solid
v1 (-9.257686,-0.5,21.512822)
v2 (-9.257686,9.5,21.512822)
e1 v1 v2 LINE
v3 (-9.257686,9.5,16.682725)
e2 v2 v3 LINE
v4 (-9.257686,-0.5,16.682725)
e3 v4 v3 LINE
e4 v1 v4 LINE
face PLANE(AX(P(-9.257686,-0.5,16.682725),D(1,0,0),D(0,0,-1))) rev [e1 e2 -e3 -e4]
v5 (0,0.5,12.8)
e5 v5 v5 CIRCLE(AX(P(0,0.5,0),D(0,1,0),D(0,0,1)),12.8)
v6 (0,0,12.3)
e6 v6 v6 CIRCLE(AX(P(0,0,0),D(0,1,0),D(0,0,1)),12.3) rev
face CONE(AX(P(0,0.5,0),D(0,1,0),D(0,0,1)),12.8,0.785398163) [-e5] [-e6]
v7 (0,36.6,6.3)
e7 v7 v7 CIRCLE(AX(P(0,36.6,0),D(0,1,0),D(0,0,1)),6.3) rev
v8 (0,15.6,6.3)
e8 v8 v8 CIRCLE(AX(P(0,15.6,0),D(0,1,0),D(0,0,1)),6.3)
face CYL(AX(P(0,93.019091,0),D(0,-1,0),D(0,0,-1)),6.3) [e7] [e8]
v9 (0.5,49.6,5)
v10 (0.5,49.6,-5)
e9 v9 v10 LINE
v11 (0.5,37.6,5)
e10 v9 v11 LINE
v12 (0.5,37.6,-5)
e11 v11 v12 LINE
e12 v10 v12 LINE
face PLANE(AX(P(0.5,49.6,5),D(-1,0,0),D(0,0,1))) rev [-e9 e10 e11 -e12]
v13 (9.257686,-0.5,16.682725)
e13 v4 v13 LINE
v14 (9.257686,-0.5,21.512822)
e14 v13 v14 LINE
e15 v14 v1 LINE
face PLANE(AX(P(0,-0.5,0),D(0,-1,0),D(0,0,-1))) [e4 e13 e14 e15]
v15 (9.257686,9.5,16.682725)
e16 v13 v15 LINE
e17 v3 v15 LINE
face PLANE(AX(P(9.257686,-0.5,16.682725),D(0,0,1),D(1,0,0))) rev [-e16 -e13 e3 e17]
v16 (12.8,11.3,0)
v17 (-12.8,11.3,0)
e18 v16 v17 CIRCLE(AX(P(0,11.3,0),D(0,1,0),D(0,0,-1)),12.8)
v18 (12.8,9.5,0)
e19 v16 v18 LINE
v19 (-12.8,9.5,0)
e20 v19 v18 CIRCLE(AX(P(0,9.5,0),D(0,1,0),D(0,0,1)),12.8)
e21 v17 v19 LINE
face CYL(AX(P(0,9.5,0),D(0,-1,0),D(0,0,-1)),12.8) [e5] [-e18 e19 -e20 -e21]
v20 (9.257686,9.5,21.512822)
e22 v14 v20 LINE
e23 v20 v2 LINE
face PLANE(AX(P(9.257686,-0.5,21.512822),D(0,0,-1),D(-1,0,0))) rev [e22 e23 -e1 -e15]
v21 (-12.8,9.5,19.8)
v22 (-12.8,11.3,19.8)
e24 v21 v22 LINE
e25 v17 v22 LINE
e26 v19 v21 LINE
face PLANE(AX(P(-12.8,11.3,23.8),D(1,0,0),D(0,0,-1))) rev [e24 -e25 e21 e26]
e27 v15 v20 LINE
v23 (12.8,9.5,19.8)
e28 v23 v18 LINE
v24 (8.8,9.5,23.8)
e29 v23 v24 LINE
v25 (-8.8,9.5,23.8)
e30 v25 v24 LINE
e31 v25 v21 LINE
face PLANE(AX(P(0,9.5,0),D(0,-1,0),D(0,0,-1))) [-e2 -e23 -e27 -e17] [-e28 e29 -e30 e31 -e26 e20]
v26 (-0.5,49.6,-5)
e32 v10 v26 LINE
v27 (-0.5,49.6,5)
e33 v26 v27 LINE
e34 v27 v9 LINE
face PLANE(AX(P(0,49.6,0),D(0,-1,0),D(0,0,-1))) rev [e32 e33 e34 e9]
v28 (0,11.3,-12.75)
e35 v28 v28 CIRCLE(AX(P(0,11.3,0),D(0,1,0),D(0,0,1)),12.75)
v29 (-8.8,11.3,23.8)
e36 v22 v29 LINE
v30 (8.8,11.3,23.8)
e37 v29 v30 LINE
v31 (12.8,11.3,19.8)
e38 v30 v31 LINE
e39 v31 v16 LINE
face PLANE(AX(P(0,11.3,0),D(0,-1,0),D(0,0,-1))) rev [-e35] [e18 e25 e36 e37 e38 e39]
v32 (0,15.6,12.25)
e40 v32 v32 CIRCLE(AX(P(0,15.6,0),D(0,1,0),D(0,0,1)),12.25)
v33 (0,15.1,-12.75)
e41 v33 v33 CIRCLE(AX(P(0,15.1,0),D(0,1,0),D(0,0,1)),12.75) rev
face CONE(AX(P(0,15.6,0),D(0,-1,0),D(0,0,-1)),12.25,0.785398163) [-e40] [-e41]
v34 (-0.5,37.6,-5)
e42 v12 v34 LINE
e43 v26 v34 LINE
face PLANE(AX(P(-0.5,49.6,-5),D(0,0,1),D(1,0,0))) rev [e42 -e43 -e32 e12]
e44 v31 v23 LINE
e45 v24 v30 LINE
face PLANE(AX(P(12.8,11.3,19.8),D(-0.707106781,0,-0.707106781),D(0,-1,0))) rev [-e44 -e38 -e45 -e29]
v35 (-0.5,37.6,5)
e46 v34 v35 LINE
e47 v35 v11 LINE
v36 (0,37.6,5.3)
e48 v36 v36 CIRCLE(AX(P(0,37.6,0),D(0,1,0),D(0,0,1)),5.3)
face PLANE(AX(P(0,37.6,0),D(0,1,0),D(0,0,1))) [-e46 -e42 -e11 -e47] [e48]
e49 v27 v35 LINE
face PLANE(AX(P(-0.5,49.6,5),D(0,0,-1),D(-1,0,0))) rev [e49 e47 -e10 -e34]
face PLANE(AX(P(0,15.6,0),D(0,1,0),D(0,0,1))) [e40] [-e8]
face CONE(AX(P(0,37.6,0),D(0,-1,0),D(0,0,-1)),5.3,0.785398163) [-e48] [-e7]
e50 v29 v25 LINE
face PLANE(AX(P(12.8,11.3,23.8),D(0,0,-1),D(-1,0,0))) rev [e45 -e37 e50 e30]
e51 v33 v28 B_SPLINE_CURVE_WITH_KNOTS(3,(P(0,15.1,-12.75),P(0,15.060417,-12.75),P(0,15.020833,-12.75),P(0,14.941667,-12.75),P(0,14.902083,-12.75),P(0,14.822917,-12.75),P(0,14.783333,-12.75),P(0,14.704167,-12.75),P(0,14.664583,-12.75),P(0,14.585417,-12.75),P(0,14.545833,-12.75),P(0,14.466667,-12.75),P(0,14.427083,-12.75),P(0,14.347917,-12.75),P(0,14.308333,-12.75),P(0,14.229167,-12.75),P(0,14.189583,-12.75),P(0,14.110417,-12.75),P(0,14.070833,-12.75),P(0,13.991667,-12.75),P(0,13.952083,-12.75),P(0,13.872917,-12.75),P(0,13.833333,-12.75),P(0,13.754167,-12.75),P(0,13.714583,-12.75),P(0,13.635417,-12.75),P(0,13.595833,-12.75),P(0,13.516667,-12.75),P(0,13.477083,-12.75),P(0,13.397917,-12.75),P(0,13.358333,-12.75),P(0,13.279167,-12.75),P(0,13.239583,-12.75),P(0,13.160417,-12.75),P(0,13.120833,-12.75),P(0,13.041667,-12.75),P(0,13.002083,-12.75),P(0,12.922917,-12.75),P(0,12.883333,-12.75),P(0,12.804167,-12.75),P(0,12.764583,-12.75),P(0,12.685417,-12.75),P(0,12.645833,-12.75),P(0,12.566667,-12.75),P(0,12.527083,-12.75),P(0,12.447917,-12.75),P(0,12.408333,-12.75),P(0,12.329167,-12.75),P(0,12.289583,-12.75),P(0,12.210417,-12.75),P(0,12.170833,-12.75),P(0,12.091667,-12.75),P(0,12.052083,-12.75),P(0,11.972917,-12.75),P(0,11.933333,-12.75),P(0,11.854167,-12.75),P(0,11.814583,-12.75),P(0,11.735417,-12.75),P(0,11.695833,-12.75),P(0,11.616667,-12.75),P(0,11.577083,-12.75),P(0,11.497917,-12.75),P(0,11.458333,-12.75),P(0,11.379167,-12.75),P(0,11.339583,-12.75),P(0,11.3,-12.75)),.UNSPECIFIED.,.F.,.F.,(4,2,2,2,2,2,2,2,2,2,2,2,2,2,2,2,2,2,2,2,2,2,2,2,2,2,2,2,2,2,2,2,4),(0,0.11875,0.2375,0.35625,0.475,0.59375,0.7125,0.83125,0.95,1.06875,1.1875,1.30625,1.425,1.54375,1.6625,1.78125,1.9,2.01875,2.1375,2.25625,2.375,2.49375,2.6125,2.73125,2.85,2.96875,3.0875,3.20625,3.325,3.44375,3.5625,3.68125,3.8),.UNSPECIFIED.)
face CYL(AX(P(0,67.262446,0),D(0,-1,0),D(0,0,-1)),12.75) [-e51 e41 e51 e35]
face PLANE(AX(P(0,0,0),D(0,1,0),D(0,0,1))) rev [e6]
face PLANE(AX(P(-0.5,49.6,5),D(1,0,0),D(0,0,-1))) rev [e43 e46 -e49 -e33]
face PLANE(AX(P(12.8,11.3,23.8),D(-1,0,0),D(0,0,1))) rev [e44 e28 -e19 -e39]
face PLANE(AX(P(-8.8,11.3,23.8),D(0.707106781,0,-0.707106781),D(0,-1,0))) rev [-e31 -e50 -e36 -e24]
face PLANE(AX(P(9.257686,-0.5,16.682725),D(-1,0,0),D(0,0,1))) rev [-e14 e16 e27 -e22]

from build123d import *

# Parameters (mm, degrees)
SKETCH1_R           = 12.8
BOSS_EXTRUDE1_DEPTH = 9.5
BOSS_EXTRUDE2_DEPTH = 1.8
SKETCH3_R           = 12.75
BOSS_EXTRUDE3_DEPTH = 4.3
SKETCH4_R           = 6.3
BOSS_EXTRUDE4_DEPTH = 22
CHAMFER1_SIZE       = 1
CHAMFER2_SIZE       = 0.5
SKETCH5_W           = 18.515372874
SKETCH5_H           = 4.830097271
BOSS_EXTRUDE5_DEPTH = 10
SKETCH6_W           = 1
SKETCH6_H           = 10
BOSS_EXTRUDE6_DEPTH = 12
CHAMFER3_SIZE       = 4


with BuildPart() as part:
    # Sketch1 → Boss-Extrude1 (new body)
    with BuildSketch(Plane(origin=(0, 0, 0), x_dir=(1, 0, 0), z_dir=(0, 1, 0))):
        with Locations(Location((0, 0, 0), (0, 0, 270))):
            Circle(SKETCH1_R)
    extrude(amount=BOSS_EXTRUDE1_DEPTH)

    # Sketch2 → Boss-Extrude2 (add)
    with BuildSketch(Plane(origin=(0, 9.5, 0), x_dir=(1, 0, 0), z_dir=(0, 1, 0))):
        with BuildLine():
            Line((12.8, -23.8), (-12.8, -23.8))
            Line((-12.8, -23.8), (-12.8, 0))
            ThreePointArc((-12.8, 0), (0, 12.8), (12.8, 0))
            Line((12.8, 0), (12.8, -23.8))
        make_face()
    extrude(amount=BOSS_EXTRUDE2_DEPTH)

    # Sketch3 → Boss-Extrude3 (add)
    with BuildSketch(Plane(origin=(0, 11.3, 0), x_dir=(1, 0, 0), z_dir=(0, 1, 0))):
        with Locations(Location((0, 0, 0), (0, 0, 90))):
            Circle(SKETCH3_R)
    extrude(amount=BOSS_EXTRUDE3_DEPTH)

    # Sketch4 → Boss-Extrude4 (add)
    with BuildSketch(Plane(origin=(0, 15.6, 0), x_dir=(1, 0, 0), z_dir=(0, 1, 0))):
        with Locations(Location((0, 0, 0), (0, 0, 270))):
            Circle(SKETCH4_R)
    extrude(amount=BOSS_EXTRUDE4_DEPTH)

    # Chamfer1
    chamfer1_edges = [part.edges().sort_by_distance(p)[0] for p in [
        (0, 37.6, -6.3),
    ]]
    chamfer(chamfer1_edges, length=CHAMFER1_SIZE)

    # Chamfer2
    chamfer2_edges = [part.edges().sort_by_distance(p)[0] for p in [
        (0, 0, -12.8),
        (0, 15.6, 12.75),
    ]]
    chamfer(chamfer2_edges, length=CHAMFER2_SIZE)

    # Sketch5 → Boss-Extrude5 (add)
    with BuildSketch(Plane.XZ.offset(-9.5)):
        with Locations((0, 19.097773841)):
            Rectangle(SKETCH5_W, SKETCH5_H)
    extrude(amount=BOSS_EXTRUDE5_DEPTH)

    # Sketch6 → Boss-Extrude6 (add)
    with BuildSketch(Plane(origin=(0, 37.6, 0), x_dir=(1, 0, 0), z_dir=(0, 1, 0))):
        Rectangle(SKETCH6_W, SKETCH6_H)
    extrude(amount=BOSS_EXTRUDE6_DEPTH)

    # Chamfer3
    chamfer3_edges = [part.edges().sort_by_distance(p)[0] for p in [
        (-12.8, 10.4, 23.8),
        (12.8, 10.4, 23.8),
    ]]
    chamfer(chamfer3_edges, length=CHAMFER3_SIZE)


solid = part.part
